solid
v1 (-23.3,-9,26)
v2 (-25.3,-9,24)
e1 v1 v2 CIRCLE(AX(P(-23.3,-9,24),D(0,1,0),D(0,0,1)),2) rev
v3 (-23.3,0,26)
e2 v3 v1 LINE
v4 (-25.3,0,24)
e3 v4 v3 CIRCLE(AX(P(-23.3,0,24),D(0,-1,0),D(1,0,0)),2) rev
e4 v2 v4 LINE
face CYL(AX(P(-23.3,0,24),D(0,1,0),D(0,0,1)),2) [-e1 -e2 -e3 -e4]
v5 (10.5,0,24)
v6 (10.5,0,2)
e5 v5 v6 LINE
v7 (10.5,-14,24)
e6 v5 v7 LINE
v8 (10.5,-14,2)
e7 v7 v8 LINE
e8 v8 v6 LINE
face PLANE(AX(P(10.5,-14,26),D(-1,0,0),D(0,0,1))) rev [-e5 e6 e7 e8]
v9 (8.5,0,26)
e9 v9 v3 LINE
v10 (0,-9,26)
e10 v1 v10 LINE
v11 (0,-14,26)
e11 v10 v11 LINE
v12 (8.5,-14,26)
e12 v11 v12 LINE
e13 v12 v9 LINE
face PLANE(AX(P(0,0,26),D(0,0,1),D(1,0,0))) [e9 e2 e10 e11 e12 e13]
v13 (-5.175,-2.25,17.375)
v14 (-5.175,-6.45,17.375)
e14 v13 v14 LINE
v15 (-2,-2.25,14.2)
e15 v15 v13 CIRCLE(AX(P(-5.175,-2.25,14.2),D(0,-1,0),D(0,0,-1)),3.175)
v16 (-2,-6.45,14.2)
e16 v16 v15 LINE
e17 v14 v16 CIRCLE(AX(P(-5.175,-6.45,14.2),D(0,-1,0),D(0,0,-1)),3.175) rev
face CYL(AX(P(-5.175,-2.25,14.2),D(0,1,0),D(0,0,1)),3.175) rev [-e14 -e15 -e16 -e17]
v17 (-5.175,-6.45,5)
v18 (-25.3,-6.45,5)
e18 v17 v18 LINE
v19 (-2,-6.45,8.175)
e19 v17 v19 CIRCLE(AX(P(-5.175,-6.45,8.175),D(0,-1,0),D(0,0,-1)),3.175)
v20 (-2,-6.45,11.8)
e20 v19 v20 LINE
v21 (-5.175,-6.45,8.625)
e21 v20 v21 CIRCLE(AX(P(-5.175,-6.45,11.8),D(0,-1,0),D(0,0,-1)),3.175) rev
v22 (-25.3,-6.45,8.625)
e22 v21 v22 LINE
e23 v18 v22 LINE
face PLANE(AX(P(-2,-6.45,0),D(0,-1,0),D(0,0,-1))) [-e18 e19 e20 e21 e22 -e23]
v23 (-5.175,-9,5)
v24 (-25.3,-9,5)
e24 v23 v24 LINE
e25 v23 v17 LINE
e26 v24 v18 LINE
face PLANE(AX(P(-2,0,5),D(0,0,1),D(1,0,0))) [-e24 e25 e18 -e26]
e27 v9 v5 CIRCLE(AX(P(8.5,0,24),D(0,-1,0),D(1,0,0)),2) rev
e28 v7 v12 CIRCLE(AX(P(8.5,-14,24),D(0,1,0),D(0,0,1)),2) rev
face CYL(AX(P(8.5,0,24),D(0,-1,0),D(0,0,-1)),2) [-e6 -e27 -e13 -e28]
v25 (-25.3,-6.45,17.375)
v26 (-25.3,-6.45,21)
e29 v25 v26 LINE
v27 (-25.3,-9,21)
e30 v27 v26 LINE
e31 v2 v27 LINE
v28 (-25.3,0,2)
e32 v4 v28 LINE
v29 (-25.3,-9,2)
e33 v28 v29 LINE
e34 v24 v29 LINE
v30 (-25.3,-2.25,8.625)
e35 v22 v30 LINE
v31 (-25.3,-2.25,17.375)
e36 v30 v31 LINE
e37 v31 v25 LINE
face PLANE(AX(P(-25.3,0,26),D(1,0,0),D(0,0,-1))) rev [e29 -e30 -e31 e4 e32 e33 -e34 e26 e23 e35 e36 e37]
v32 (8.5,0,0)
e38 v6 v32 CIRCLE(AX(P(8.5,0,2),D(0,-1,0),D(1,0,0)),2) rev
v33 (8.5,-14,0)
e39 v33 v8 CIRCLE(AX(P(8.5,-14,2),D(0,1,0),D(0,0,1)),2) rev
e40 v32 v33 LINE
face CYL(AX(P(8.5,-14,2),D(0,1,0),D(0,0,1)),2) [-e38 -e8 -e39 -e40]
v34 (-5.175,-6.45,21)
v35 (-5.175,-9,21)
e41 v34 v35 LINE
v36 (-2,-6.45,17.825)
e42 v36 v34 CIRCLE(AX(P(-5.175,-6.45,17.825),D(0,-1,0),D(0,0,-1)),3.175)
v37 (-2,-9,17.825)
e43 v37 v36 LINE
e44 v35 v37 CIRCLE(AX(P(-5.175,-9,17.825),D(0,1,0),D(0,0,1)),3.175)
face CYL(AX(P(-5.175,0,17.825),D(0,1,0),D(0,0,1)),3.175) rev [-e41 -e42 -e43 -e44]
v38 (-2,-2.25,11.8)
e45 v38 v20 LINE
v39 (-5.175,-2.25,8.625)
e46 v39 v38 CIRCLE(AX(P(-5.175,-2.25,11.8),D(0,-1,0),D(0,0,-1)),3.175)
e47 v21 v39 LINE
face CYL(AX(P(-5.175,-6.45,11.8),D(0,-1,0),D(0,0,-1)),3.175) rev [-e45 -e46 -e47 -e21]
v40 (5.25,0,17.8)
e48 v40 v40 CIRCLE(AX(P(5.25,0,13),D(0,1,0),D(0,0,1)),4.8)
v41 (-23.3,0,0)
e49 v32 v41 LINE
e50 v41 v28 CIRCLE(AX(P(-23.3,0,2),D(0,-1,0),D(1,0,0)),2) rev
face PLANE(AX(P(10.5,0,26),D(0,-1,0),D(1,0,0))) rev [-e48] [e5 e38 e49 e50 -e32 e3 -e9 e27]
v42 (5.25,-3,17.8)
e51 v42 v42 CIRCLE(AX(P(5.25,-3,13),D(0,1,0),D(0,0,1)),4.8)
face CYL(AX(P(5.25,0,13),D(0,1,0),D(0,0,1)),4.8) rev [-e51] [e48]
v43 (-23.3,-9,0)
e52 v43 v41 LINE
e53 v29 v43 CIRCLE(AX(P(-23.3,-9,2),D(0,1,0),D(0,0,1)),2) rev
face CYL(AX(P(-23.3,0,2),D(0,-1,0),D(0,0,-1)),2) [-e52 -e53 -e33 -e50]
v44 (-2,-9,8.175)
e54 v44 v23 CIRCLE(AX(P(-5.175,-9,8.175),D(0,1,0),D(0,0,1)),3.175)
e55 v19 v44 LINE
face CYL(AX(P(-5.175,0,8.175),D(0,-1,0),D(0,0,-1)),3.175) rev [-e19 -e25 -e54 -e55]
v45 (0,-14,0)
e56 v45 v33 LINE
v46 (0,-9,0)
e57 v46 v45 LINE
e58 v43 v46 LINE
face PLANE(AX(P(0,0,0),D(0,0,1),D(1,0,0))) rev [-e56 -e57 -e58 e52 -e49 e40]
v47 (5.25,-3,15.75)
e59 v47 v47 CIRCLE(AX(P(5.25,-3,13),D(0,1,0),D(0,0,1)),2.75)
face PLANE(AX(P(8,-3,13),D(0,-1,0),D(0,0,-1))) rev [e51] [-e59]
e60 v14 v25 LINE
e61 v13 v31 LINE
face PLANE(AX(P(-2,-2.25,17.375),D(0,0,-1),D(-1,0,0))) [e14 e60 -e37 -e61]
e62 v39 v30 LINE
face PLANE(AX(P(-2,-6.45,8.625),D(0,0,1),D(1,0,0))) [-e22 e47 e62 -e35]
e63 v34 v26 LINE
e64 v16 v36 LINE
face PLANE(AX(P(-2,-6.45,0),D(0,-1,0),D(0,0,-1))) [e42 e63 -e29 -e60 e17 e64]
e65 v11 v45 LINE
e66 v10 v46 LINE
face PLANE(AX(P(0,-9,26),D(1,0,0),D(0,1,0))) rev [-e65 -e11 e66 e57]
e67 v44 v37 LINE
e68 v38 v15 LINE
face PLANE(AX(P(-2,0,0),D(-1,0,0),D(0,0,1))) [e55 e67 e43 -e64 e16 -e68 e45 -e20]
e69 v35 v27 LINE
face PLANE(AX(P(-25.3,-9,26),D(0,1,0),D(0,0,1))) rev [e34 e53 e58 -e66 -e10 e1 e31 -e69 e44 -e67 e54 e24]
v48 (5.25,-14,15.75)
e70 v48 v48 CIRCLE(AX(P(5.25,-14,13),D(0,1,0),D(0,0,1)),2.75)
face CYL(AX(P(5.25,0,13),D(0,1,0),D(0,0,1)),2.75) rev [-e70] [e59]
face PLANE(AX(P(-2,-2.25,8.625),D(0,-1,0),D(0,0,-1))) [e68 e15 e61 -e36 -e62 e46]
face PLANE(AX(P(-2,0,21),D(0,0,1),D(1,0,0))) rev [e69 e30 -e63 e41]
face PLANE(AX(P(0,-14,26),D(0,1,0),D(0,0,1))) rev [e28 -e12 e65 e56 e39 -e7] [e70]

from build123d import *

# Parameters (mm, degrees)
BOSS_EXTRUDE1_DEPTH             = 26
FILLET2_R                       = 2
CBORE_FOR_M5_SBHCS1_D           = 5.5
CBORE_FOR_M5_SBHCS1_CBORE_D     = 9.6
CBORE_FOR_M5_SBHCS1_CBORE_DEPTH = 3
SKETCH10_W                      = 8.75
SKETCH10_H                      = 4.2
SKETCH10_W_2                    = 16
SKETCH10_H_2                    = 2.55
CUT_EXTRUDE3_DEPTH              = 23.3
FILLET6_R                       = 3.175


with BuildPart() as part:
    # Sketch1 → Boss-Extrude1 (new body)
    with BuildSketch(Plane.XY):
        Polygon((-25.3, 0), (-25.3, -9), (0, -9), (0, -14), (10.5, -14), (10.5, 0), (0, 0), align=None)
    extrude(amount=BOSS_EXTRUDE1_DEPTH)

    # Fillet2
    fillet2_edges = [part.edges().sort_by_distance(p)[0] for p in [
        (10.5, -7, 26),
        (10.5, -7, 0),
        (-25.3, -4.5, 26),
        (-25.3, -4.5, 0),
    ]]
    fillet(fillet2_edges, radius=FILLET2_R)

    # CBORE for M5 SBHCS1 (through all)
    with Locations(Plane(origin=(0, 0, 0), x_dir=(1, 0, 0), z_dir=(0, 1, 0))):
        with Locations((5.25, -13)):
            CounterBoreHole(CBORE_FOR_M5_SBHCS1_D / 2, CBORE_FOR_M5_SBHCS1_CBORE_D / 2, CBORE_FOR_M5_SBHCS1_CBORE_DEPTH)

    # Sketch10 → Cut-Extrude3 (cut)
    with BuildSketch(Plane.ZY.offset(25.3)):
        with Locations((13, -4.35)):
            Rectangle(SKETCH10_W, SKETCH10_H)
        with Locations((13, -7.725)):
            Rectangle(SKETCH10_W_2, SKETCH10_H_2)
    extrude(amount=-CUT_EXTRUDE3_DEPTH, mode=Mode.SUBTRACT)

    # Fillet6
    fillet6_edges = [part.edges().sort_by_distance(p)[0] for p in [
        (-2, -7.725, 21),
        (-2, -7.725, 5),
        (-2, -4.35, 8.625),
        (-2, -4.35, 17.375),
    ]]
    fillet(fillet6_edges, radius=FILLET6_R)


solid = part.part
